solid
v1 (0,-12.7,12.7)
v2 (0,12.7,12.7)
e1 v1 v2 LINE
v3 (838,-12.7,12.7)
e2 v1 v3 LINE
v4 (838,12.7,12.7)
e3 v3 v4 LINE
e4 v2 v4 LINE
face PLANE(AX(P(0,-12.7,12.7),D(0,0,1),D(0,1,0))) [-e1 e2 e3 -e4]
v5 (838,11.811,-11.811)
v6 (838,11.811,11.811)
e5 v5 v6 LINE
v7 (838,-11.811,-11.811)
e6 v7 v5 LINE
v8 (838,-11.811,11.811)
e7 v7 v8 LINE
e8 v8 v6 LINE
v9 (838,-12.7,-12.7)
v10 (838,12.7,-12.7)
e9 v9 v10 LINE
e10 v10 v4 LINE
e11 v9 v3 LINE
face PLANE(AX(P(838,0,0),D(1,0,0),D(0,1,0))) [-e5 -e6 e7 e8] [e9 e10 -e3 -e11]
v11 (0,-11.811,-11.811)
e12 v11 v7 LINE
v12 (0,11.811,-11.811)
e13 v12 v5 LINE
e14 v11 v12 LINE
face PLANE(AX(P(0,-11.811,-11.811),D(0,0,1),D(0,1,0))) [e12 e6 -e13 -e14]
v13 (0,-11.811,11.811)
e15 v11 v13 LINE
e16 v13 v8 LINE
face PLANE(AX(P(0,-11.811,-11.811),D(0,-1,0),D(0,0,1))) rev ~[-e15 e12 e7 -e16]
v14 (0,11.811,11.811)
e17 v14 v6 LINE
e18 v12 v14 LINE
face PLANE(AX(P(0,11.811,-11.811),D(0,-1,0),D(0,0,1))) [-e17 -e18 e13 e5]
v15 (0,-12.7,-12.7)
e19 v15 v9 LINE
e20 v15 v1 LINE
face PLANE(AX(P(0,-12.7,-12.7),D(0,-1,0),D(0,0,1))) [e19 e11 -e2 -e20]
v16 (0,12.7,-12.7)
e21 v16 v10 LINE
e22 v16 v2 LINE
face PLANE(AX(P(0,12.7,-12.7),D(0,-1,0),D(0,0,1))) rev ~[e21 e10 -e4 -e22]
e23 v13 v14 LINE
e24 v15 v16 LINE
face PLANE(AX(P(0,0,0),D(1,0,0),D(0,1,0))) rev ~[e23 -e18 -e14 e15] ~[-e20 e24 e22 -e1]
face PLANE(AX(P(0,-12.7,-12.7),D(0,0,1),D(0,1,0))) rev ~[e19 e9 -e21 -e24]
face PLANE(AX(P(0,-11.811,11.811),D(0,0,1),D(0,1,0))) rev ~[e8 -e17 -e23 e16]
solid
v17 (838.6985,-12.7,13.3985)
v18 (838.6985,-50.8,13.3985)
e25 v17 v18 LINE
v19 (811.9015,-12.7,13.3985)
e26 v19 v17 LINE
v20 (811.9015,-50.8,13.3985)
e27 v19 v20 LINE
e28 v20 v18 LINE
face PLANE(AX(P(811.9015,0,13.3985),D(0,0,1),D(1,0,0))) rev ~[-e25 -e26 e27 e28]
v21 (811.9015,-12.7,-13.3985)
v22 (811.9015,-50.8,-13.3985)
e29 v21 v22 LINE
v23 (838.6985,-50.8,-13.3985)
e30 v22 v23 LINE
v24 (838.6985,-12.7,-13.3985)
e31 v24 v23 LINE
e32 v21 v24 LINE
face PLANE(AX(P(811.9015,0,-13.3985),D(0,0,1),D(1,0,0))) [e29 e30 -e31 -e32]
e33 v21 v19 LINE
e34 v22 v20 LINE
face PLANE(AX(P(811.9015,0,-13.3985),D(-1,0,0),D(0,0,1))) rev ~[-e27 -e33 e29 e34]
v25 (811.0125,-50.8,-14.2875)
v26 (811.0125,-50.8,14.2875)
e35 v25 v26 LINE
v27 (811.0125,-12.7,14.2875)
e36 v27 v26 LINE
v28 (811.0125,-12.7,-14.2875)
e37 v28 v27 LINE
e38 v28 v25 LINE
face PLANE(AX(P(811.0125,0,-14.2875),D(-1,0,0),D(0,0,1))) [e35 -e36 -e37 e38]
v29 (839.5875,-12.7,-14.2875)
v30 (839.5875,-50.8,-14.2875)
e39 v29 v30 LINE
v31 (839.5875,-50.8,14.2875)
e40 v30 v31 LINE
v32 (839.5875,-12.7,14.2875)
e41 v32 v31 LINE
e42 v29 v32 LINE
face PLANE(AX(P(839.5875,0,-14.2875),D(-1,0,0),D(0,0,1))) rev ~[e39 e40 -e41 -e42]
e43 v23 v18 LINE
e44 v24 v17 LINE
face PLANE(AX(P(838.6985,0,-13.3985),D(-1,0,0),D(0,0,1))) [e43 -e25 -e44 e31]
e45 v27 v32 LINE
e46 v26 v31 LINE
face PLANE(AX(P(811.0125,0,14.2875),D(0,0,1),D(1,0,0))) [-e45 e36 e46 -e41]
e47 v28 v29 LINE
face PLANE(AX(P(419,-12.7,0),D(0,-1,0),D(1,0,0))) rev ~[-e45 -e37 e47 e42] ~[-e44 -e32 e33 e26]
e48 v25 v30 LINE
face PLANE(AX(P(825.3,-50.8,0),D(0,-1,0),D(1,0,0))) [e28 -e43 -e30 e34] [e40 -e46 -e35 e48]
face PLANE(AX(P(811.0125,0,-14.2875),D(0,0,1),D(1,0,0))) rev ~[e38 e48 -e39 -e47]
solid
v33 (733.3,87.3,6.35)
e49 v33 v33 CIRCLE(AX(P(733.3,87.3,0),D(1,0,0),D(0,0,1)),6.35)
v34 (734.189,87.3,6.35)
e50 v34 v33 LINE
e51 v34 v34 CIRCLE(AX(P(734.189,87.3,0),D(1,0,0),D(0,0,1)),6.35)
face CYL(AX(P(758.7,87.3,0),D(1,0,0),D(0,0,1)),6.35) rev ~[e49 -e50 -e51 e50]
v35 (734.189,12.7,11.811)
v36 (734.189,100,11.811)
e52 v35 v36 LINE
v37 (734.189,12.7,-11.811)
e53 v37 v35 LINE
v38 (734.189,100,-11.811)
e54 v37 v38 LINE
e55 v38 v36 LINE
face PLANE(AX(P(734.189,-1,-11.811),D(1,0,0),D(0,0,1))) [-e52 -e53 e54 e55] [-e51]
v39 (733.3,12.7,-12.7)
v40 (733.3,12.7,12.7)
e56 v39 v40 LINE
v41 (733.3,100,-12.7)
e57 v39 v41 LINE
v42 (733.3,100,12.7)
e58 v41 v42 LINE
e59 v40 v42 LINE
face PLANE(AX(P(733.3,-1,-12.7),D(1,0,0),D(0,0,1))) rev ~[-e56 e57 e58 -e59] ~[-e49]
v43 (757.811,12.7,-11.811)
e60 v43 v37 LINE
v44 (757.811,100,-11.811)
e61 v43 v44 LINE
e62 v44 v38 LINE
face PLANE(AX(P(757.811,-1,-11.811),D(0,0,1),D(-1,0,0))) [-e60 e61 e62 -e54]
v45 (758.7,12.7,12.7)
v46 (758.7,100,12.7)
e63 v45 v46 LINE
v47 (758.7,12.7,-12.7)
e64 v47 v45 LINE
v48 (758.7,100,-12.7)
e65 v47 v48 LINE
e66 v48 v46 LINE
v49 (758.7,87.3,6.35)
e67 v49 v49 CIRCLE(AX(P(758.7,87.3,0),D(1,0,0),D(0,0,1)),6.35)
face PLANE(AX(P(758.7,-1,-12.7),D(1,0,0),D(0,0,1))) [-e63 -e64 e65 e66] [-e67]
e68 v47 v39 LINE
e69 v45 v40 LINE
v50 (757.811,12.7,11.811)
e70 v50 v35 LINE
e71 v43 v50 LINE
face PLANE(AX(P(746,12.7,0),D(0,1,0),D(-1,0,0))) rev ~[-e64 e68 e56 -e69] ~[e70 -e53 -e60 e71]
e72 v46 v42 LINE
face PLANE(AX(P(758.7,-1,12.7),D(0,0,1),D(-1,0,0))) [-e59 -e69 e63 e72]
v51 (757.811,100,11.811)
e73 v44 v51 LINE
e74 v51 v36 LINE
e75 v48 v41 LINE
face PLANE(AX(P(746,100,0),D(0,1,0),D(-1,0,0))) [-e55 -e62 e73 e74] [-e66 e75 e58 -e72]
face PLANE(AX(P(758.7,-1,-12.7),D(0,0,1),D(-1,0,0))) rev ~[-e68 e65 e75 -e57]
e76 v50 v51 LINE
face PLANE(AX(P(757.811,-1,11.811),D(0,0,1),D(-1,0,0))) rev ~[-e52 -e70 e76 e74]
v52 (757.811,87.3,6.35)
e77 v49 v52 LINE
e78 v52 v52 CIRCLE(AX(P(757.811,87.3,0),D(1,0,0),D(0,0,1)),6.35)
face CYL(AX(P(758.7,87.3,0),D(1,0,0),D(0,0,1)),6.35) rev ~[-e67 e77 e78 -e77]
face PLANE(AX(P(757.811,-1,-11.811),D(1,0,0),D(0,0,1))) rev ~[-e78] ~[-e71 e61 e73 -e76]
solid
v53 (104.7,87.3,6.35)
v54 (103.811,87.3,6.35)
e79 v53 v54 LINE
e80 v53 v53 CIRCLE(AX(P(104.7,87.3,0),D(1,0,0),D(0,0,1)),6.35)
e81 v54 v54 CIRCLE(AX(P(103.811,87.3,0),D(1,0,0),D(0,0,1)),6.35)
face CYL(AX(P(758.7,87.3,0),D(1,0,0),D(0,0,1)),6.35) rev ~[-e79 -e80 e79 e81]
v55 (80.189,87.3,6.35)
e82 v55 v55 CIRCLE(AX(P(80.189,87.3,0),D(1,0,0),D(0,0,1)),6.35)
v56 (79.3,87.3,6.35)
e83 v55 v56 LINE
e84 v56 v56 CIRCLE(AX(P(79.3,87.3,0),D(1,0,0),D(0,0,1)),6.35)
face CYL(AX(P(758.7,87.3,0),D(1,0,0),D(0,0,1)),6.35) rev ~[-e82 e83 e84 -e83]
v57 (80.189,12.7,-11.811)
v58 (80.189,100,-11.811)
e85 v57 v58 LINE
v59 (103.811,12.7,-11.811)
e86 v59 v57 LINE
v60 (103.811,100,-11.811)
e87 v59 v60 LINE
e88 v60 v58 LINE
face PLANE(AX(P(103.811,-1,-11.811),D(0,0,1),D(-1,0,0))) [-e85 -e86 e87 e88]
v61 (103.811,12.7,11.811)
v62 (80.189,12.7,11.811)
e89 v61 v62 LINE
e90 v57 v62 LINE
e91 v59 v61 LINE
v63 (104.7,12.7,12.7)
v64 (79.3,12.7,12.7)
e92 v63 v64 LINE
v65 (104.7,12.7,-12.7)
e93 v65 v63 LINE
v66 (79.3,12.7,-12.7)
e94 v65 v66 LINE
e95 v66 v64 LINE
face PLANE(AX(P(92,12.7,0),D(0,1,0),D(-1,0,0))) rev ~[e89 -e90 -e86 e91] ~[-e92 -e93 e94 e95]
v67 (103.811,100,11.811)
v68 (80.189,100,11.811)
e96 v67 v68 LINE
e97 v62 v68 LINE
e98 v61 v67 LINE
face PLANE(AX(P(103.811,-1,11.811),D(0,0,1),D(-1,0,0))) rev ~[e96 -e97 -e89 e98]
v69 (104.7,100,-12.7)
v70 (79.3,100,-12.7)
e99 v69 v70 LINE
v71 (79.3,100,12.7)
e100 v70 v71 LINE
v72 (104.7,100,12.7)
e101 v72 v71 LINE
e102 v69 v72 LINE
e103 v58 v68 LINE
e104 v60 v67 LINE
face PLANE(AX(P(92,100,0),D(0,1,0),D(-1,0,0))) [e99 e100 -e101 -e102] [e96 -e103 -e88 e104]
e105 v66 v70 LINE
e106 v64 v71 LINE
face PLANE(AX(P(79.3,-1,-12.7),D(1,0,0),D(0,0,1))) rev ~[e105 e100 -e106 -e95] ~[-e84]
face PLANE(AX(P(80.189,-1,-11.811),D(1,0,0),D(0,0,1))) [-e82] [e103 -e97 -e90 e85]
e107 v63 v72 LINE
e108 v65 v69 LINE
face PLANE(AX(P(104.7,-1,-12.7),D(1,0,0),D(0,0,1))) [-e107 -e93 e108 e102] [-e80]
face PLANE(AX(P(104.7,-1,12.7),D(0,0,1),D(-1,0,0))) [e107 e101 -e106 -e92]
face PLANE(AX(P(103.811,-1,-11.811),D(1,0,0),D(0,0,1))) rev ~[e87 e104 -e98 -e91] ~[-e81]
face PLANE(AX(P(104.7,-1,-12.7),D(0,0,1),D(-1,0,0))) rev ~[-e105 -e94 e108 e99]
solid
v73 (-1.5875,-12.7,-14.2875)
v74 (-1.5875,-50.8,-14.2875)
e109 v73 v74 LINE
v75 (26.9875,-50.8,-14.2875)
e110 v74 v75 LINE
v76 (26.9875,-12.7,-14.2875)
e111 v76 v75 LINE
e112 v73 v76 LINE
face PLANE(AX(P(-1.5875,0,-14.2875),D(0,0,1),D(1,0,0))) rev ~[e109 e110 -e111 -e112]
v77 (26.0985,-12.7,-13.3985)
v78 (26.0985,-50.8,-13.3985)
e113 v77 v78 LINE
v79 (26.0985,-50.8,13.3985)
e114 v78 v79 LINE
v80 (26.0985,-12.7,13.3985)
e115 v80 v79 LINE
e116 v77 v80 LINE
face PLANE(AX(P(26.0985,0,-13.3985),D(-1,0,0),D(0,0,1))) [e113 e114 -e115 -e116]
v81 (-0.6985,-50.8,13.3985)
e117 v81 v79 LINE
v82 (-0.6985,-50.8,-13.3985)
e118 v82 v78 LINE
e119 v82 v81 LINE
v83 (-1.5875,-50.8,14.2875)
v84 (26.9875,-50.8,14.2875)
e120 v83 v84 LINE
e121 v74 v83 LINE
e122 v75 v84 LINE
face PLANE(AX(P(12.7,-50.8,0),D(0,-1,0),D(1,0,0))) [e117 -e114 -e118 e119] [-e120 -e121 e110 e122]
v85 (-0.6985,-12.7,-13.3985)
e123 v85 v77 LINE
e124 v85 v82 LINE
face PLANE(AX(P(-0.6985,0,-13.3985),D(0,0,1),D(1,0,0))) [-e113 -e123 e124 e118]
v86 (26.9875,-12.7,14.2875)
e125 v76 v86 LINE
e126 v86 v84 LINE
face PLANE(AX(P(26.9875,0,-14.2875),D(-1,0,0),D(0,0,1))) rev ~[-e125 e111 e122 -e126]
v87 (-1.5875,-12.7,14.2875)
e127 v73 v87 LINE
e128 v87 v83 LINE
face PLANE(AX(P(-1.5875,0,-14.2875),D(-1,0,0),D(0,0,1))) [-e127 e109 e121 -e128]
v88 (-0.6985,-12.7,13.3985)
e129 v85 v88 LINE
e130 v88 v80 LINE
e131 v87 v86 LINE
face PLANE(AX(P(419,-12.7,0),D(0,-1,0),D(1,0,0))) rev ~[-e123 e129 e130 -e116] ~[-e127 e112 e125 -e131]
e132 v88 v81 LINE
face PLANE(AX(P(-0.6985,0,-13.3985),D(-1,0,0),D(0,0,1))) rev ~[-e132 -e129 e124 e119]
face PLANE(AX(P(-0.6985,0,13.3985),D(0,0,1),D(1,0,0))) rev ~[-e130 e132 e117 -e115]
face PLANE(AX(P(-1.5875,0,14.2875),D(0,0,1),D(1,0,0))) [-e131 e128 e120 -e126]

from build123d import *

# Parameters (mm, degrees)
SKETCH15_W                                 = 25.4
SKETCH15_H                                 = 25.4
SKETCH15_W_2                               = 23.622
SKETCH15_H_2                               = 23.622
AL_TUBE_SQUARE_1_SQ_X_035_WALL_1_DEPTH     = 838
SKETCH15_ON_SEGMENT_2_W                    = 25.4
SKETCH15_ON_SEGMENT_2_H                    = 25.4
SKETCH15_ON_SEGMENT_2_W_2                  = 23.622
SKETCH15_ON_SEGMENT_2_H_2                  = 23.622
AL_TUBE_SQUARE_1_SQ_X_035_WALL_1_2_DEPTH   = 101
SKETCH15_ON_SEGMENT_3_W                    = 25.4
SKETCH15_ON_SEGMENT_3_H                    = 25.4
SKETCH15_ON_SEGMENT_3_W_2                  = 23.622
SKETCH15_ON_SEGMENT_3_H_2                  = 23.622
AL_TUBE_SQUARE_1_SQ_X_035_WALL_1_3_DEPTH   = 101
SKETCH16_W                                 = 28.575
SKETCH16_H                                 = 28.575
SKETCH16_W_2                               = 26.797
SKETCH16_H_2                               = 26.797
AL_TUBE_SQUARE_1_125_SQ_X_035_WALL_2_DEPTH = 50.8
SKETCH16_ON_SEGMENT_2_W                    = 28.575
SKETCH16_ON_SEGMENT_2_H                    = 28.575
SKETCH16_ON_SEGMENT_2_W_2                  = 26.797
SKETCH16_ON_SEGMENT_2_H_2                  = 26.797
AL_TUBE_SQUARE_1_125_SQ_X_035_WAL_2_DEPTH  = 50.8
CROQUIS11_R                                = 6.35
CORTAR_EXTRUIR1_DEPTH                      = 768.858


with BuildPart() as part:
    # Sketch15 → Al tube (square) 1 SQ X .035 WALL(1) (new body)
    with BuildSketch(Plane.YZ):
        Rectangle(SKETCH15_W, SKETCH15_H)
        Rectangle(SKETCH15_W_2, SKETCH15_H_2, mode=Mode.SUBTRACT)
    extrude(amount=AL_TUBE_SQUARE_1_SQ_X_035_WALL_1_DEPTH)


with BuildPart() as body_2:
    # Sketch15 on segment 2 (carried to segment 2) → Al tube _square_ 1 SQ X .035 WALL_1 2 (new body)
    with BuildSketch(Plane(origin=(92, -1, 0), x_dir=(-1, 0, 0), z_dir=(0, 1, 0))):
        Rectangle(SKETCH15_ON_SEGMENT_2_W, SKETCH15_ON_SEGMENT_2_H)
        Rectangle(SKETCH15_ON_SEGMENT_2_W_2, SKETCH15_ON_SEGMENT_2_H_2, mode=Mode.SUBTRACT)
    extrude(amount=AL_TUBE_SQUARE_1_SQ_X_035_WALL_1_2_DEPTH)

    # Al tube _square_ 1 SQ X .035 WALL_1 2 en
    split(bisect_by=Plane(origin=(92, 12.7, 0), x_dir=(-1, 0, 0), z_dir=(0, 1, 0)), keep=Keep.TOP)


with BuildPart() as body_3:
    # Sketch15 on segment 3 (carried to segment 3) → Al tube _square_ 1 SQ X .035 WALL_1 3 (new body)
    with BuildSketch(Plane(origin=(746, -1, 0), x_dir=(-1, 0, 0), z_dir=(0, 1, 0))):
        Rectangle(SKETCH15_ON_SEGMENT_3_W, SKETCH15_ON_SEGMENT_3_H)
        Rectangle(SKETCH15_ON_SEGMENT_3_W_2, SKETCH15_ON_SEGMENT_3_H_2, mode=Mode.SUBTRACT)
    extrude(amount=AL_TUBE_SQUARE_1_SQ_X_035_WALL_1_3_DEPTH)

    # Al tube _square_ 1 SQ X .035 WALL_1 3 en
    split(bisect_by=Plane(origin=(746, 12.7, 0), x_dir=(-1, 0, 0), z_dir=(0, 1, 0)), keep=Keep.TOP)


with BuildPart() as body_4:
    # Sketch16 → Al tube (square) 1.125 SQ X .035 WALL(2) (new body)
    with BuildSketch(Plane(origin=(12.7, 0, 0), x_dir=(1, 0, 0), z_dir=(0, -1, 0))):
        Rectangle(SKETCH16_W, SKETCH16_H)
        Rectangle(SKETCH16_W_2, SKETCH16_H_2, mode=Mode.SUBTRACT)
    extrude(amount=AL_TUBE_SQUARE_1_125_SQ_X_035_WALL_2_DEPTH)

    # Recortar/Extender1
    split(bisect_by=Plane(origin=(419, -12.7, 0), x_dir=(1, 0, 0), z_dir=(0, -1, 0)), keep=Keep.TOP)


with BuildPart() as body_5:
    # Sketch16 on segment 2 (carried to segment 2) → Al tube _square_ 1.125 SQ X .035 WAL 2 (new body)
    with BuildSketch(Plane(origin=(825.3, 0, 0), x_dir=(1, 0, 0), z_dir=(0, -1, 0))):
        Rectangle(SKETCH16_ON_SEGMENT_2_W, SKETCH16_ON_SEGMENT_2_H)
        Rectangle(SKETCH16_ON_SEGMENT_2_W_2, SKETCH16_ON_SEGMENT_2_H_2, mode=Mode.SUBTRACT)
    extrude(amount=AL_TUBE_SQUARE_1_125_SQ_X_035_WAL_2_DEPTH)

    # Recortar/Extender1
    split(bisect_by=Plane(origin=(419, -12.7, 0), x_dir=(1, 0, 0), z_dir=(0, -1, 0)), keep=Keep.TOP)


with BuildPart() as cortar_extruir1_tool:
    # Croquis11 → Cortar-Extruir1 (new body)
    with BuildSketch(Plane(origin=(758.7, 0, 0), x_dir=(0, 0, -1), z_dir=(1, 0, 0))):
        with Locations(Location((0, 87.3, 0), (0, 0, 180))):
            Circle(CROQUIS11_R)
    extrude(amount=-CORTAR_EXTRUIR1_DEPTH)


with BuildPart() as body_2_1:
    add(body_2.part)

    # Cortar-Extruir1: cut by cortar_extruir1_tool
    add(cortar_extruir1_tool.part, mode=Mode.SUBTRACT)


with BuildPart() as body_3_1:
    add(body_3.part)

    # Cortar-Extruir1: cut by cortar_extruir1_tool
    add(cortar_extruir1_tool.part, mode=Mode.SUBTRACT)


solid = Compound([part.part, body_4.part, body_5.part, body_2_1.part, body_3_1.part])
